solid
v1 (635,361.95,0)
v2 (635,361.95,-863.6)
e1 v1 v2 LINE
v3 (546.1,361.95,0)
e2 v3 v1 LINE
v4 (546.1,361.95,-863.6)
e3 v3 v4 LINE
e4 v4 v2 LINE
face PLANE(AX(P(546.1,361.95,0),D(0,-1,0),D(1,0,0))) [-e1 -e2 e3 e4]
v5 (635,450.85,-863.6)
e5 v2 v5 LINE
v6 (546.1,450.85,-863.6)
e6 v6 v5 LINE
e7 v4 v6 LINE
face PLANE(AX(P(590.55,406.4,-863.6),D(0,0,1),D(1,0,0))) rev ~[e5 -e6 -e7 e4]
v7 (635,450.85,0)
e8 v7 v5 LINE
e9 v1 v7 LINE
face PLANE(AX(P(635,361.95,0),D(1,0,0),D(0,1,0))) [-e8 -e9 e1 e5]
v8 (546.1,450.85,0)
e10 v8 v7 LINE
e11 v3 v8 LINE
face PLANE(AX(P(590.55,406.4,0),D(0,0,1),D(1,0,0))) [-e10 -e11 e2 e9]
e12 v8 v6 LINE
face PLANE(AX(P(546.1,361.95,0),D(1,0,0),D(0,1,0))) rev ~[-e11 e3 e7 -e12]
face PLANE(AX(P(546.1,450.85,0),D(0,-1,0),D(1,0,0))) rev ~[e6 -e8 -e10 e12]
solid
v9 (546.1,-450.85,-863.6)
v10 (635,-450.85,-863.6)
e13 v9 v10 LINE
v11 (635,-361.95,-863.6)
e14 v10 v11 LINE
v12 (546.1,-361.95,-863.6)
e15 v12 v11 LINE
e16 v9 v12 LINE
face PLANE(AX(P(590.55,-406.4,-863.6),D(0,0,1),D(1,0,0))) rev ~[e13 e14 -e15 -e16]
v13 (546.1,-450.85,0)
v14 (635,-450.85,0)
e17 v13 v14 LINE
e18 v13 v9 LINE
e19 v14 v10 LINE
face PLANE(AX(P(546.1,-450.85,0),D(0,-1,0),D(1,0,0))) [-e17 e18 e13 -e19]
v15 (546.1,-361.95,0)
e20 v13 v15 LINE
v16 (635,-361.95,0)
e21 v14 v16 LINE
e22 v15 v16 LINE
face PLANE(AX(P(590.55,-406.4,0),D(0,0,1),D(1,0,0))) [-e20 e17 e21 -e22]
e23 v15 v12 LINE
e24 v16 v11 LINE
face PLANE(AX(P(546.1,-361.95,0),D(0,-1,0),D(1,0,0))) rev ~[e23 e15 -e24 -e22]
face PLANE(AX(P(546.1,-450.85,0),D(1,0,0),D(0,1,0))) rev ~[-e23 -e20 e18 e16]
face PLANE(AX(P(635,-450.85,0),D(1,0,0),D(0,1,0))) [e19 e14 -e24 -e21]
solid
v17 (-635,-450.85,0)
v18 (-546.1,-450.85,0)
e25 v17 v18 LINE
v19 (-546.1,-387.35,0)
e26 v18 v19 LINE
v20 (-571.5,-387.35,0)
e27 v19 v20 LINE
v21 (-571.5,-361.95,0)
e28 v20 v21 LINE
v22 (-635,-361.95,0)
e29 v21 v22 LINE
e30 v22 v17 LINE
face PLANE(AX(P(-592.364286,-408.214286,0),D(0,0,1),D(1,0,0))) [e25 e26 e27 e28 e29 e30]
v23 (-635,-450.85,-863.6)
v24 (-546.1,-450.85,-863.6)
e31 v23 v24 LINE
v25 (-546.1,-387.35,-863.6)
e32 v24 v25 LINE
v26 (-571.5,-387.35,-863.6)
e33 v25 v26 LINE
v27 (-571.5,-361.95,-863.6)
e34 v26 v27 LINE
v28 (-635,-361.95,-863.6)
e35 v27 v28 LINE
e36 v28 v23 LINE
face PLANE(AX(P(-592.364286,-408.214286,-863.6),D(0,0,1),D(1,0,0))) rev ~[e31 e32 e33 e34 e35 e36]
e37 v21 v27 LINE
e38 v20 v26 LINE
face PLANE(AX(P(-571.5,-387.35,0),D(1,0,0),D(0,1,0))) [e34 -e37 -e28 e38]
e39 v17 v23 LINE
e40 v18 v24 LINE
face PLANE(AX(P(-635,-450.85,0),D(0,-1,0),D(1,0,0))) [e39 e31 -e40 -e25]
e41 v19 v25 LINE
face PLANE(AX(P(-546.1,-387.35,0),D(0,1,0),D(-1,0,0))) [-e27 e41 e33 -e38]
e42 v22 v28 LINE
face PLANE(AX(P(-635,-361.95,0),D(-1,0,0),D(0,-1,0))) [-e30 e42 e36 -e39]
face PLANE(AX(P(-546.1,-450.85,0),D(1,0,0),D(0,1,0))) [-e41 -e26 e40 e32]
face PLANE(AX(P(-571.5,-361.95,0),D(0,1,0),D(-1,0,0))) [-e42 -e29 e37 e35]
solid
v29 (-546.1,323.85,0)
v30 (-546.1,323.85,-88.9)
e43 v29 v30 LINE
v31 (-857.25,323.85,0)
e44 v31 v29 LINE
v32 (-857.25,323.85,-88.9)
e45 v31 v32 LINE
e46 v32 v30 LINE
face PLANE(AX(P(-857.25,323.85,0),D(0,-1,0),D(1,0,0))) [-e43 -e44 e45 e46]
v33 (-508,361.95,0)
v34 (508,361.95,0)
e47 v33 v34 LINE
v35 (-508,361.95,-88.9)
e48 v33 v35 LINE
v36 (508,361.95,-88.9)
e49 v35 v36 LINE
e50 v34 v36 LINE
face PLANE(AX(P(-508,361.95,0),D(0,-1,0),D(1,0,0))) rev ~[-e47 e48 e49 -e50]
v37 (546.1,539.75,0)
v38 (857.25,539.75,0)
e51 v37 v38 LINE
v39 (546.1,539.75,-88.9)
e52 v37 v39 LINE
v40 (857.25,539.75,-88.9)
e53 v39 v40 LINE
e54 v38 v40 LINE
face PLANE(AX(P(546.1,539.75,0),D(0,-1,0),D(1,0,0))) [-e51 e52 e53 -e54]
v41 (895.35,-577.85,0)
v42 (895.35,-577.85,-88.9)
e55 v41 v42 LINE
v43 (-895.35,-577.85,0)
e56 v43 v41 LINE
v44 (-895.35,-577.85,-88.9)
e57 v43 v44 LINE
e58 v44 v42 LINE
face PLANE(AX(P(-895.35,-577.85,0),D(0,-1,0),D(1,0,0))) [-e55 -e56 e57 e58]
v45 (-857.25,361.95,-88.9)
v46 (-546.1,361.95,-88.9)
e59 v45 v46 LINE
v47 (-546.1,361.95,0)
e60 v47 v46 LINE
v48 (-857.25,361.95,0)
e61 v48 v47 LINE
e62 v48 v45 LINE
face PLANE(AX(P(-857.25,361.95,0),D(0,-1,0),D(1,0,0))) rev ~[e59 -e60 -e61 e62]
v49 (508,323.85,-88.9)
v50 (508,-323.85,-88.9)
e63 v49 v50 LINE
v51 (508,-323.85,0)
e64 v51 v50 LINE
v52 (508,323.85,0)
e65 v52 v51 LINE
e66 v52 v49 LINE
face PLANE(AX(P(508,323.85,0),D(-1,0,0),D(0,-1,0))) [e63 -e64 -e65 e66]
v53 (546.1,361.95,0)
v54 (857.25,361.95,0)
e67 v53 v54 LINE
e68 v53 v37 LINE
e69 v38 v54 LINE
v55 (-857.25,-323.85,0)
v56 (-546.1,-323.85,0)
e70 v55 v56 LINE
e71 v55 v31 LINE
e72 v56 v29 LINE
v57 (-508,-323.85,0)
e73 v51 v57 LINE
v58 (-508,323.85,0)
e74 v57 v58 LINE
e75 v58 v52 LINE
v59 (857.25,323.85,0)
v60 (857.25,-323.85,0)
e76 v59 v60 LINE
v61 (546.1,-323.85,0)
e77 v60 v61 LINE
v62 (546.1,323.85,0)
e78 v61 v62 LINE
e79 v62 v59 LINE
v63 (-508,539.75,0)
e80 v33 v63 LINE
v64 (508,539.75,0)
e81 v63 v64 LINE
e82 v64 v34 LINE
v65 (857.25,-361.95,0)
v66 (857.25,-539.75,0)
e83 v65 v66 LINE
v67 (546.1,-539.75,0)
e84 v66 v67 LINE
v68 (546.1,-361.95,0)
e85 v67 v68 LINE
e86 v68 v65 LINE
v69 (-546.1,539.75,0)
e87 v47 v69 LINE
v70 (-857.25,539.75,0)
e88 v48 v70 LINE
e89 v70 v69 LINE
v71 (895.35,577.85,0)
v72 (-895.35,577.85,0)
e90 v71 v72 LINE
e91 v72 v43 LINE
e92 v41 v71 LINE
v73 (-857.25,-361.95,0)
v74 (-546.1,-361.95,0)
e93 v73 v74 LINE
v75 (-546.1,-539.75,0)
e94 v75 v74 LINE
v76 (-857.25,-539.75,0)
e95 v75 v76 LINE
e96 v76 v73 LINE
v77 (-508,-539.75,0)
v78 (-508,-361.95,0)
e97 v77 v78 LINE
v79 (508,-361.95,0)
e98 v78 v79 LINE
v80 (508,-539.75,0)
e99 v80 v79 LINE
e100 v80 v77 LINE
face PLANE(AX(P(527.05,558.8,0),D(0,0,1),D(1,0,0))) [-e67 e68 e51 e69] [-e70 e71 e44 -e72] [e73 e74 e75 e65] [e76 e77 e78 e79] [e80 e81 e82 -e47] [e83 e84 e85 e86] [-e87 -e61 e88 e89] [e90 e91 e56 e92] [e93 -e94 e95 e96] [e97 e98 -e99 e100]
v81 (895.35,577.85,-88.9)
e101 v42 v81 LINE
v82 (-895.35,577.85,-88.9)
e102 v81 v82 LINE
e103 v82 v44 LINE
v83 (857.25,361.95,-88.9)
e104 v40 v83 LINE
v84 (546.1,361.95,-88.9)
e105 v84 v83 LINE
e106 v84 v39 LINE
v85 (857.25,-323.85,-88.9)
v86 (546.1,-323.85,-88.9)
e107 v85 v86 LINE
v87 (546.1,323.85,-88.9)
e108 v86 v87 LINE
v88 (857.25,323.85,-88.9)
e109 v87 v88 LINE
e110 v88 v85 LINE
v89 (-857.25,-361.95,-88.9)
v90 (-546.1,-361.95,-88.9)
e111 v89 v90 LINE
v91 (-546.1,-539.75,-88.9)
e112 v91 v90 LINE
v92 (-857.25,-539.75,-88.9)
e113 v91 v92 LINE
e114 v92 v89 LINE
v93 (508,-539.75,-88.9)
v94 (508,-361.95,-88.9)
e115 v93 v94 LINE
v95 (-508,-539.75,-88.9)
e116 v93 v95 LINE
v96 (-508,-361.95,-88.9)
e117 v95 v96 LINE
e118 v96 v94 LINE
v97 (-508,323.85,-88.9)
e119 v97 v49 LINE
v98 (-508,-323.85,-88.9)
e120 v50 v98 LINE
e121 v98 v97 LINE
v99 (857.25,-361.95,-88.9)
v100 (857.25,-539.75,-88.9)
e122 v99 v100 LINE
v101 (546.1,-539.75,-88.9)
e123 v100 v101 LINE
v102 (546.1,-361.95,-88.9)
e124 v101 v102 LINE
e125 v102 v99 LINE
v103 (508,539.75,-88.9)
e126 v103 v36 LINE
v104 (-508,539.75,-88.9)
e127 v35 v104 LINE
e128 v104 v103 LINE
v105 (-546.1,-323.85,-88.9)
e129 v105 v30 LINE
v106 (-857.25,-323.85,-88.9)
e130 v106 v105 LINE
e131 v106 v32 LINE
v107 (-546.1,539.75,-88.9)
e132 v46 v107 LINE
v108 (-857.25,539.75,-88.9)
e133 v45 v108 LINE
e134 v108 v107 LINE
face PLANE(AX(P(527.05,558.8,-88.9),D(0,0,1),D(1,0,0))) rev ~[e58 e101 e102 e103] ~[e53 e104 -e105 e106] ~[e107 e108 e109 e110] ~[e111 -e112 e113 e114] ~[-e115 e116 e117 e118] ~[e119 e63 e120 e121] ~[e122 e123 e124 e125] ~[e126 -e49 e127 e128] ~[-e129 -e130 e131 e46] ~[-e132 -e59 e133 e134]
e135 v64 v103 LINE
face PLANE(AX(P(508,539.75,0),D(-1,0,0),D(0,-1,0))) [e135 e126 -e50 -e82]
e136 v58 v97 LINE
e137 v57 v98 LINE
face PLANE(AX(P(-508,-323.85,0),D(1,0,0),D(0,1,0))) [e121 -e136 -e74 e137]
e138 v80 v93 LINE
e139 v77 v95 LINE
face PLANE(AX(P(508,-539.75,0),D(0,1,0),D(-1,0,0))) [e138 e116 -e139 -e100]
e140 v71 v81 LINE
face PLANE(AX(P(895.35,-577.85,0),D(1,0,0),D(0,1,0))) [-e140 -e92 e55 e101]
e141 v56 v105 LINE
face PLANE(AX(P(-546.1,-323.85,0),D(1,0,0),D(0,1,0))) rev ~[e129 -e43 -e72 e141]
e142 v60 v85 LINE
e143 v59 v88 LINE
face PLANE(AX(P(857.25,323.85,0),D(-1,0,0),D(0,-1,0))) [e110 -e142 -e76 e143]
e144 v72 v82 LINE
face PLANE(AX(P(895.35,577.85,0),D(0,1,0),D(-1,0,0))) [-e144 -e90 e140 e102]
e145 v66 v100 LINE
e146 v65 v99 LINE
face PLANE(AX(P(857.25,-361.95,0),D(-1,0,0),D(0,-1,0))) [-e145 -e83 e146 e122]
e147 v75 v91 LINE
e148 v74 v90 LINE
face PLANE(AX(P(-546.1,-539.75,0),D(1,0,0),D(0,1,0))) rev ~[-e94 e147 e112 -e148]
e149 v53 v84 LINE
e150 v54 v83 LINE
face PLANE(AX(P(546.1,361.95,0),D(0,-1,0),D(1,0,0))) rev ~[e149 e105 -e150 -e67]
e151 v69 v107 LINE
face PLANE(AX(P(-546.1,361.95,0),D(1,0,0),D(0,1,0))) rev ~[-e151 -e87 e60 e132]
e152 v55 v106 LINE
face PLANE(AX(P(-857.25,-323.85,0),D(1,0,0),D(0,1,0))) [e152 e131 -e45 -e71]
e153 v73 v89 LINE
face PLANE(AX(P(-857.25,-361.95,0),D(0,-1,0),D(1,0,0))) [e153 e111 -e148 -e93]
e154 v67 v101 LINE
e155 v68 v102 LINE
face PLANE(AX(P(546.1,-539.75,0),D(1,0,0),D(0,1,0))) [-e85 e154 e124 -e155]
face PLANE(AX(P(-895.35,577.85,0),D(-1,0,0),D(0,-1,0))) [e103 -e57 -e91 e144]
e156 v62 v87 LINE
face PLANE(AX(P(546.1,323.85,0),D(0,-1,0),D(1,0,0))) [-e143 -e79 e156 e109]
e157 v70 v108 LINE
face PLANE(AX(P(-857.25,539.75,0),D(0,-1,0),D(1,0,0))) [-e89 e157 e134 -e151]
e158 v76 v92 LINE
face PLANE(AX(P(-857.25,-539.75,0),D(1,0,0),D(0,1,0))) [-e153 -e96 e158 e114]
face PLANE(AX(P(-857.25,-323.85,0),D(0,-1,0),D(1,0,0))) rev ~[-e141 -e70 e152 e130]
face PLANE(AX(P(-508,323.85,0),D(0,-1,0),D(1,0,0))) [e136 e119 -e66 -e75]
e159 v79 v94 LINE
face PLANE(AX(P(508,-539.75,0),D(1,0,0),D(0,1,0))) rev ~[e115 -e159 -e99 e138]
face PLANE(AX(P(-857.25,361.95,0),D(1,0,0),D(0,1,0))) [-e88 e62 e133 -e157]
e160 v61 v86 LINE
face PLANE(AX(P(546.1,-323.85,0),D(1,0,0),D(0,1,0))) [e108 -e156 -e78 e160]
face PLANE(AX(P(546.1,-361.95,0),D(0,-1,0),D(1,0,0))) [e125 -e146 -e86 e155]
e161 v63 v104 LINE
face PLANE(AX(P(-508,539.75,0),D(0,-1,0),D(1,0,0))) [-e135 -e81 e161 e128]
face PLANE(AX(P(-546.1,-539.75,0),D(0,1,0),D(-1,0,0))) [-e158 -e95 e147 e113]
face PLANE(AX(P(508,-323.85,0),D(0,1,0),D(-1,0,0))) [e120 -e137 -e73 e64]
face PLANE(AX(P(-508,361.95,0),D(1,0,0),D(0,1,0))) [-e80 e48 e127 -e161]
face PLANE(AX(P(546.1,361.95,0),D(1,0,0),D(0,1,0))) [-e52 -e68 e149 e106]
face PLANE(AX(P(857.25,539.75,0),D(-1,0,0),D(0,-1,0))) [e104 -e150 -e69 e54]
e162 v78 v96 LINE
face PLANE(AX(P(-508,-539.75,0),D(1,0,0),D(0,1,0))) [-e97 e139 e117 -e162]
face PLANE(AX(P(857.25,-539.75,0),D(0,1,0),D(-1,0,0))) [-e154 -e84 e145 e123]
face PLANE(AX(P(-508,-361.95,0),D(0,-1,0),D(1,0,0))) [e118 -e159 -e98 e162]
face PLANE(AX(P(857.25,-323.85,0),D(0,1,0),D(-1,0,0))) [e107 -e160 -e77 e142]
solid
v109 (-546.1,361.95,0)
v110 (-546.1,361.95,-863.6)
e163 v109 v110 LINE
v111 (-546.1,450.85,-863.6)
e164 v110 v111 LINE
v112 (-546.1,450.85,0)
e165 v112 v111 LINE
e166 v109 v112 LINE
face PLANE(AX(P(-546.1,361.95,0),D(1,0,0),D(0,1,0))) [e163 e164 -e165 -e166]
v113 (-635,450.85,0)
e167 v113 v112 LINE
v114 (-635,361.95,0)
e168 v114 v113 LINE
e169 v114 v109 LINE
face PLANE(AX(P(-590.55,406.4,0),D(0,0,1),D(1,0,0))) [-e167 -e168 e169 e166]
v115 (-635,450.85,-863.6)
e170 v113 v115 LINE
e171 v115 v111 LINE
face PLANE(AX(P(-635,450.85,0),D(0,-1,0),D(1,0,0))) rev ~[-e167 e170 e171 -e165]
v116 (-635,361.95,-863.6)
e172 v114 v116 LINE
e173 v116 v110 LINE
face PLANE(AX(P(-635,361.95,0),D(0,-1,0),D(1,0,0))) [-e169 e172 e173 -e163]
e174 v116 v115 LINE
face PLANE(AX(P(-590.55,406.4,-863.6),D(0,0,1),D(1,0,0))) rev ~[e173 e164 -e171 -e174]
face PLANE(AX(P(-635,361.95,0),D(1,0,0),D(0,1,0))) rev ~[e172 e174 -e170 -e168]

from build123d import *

# Parameters (mm, degrees)
F0_W     = 38.1
F0_H     = 38.1
F0_W_2   = 1016
F0_H_2   = 647.7
F0_W_3   = 311.15
F0_H_3   = 177.8
F1_DEPTH = 88.9
F3_DEPTH = 863.6
F2_W     = 88.9
F2_H     = 88.9


with BuildPart() as f1:
    # F0 (on Top) → F1 (new body)
    with BuildSketch(Plane.XY):
        with Locations((527.05, 558.8)):
            Rectangle(F0_W, F0_H)
        with Locations((0, 558.8)):
            Rectangle(F0_W_2, F0_H)
        with Locations((876.3, 0)):
            Rectangle(F0_W, F0_H_2)
        with Locations((876.3, 342.9)):
            Rectangle(F0_W, F0_H)
        with Locations((-876.3, 342.9)):
            Rectangle(F0_W, F0_H)
        with Locations((-876.3, 0)):
            Rectangle(F0_W, F0_H_2)
        with Locations((-527.05, 558.8)):
            Rectangle(F0_W, F0_H)
        with Locations((0, -558.8)):
            Rectangle(F0_W_2, F0_H)
        with Locations((527.05, -558.8)):
            Rectangle(F0_W, F0_H)
        with Locations((876.3, -342.9)):
            Rectangle(F0_W, F0_H)
        Polygon((546.1, 577.85), (546.1, 539.75), (857.25, 539.75), (857.25, 361.95), (895.35, 361.95), (895.35, 577.85), align=None)
        with Locations((-876.3, -342.9)):
            Rectangle(F0_W, F0_H)
        with Locations((-527.05, -558.8)):
            Rectangle(F0_W, F0_H)
        Polygon((-895.35, 361.95), (-857.25, 361.95), (-857.25, 539.75), (-546.1, 539.75), (-546.1, 577.85), (-895.35, 577.85), align=None)
        Polygon((857.25, -539.75), (546.1, -539.75), (546.1, -577.85), (895.35, -577.85), (895.35, -361.95), (857.25, -361.95), align=None)
        Polygon((-857.25, -539.75), (-857.25, -361.95), (-895.35, -361.95), (-895.35, -577.85), (-546.1, -577.85), (-546.1, -539.75), align=None)
        with Locations((-701.675, 342.9)):
            Rectangle(F0_W_3, F0_H)
        with Locations((-527.05, 450.85)):
            Rectangle(F0_W, F0_H_3)
        with Locations((-527.05, 342.9)):
            Rectangle(F0_W, F0_H)
        with Locations((-527.05, 0)):
            Rectangle(F0_W, F0_H_2)
        with Locations((-701.675, -342.9)):
            Rectangle(F0_W_3, F0_H)
        with Locations((-527.05, -450.85)):
            Rectangle(F0_W, F0_H_3)
        with Locations((-527.05, -342.9)):
            Rectangle(F0_W, F0_H)
        with Locations((0, -342.9)):
            Rectangle(F0_W_2, F0_H)
        with Locations((527.05, -450.85)):
            Rectangle(F0_W, F0_H_3)
        with Locations((527.05, -342.9)):
            Rectangle(F0_W, F0_H)
        with Locations((701.675, -342.9)):
            Rectangle(F0_W_3, F0_H)
        with Locations((527.05, 0)):
            Rectangle(F0_W, F0_H_2)
        with Locations((527.05, 342.9)):
            Rectangle(F0_W, F0_H)
        with Locations((527.05, 450.85)):
            Rectangle(F0_W, F0_H_3)
        with Locations((701.675, 342.9)):
            Rectangle(F0_W_3, F0_H)
        with Locations((0, 342.9)):
            Rectangle(F0_W_2, F0_H)
    extrude(amount=-F1_DEPTH)


with BuildPart() as f3:
    # F2 (on face) → F3 (new body)
    with BuildSketch(Plane.XY):
        Polygon((-571.5, -387.35), (-571.5, -361.95), (-635, -361.95), (-635, -450.85), (-546.1, -450.85), (-546.1, -387.35), align=None)
    extrude(amount=-F3_DEPTH)


with BuildPart() as f3b:
    # F2 (on face) → F3, piece 2 (new body)
    with BuildSketch(Plane.XY):
        with Locations((590.55, -406.4)):
            Rectangle(F2_W, F2_H)
    extrude(amount=-F3_DEPTH)


with BuildPart() as f3c:
    # F2 (on face) → F3, piece 3 (new body)
    with BuildSketch(Plane.XY):
        with Locations((590.55, 406.4)):
            Rectangle(F2_W, F2_H)
    extrude(amount=-F3_DEPTH)


with BuildPart() as f3d:
    # F2 (on face) → F3, piece 4 (new body)
    with BuildSketch(Plane.XY):
        with Locations((-590.55, 406.4)):
            Rectangle(F2_W, F2_H)
    extrude(amount=-F3_DEPTH)


solid = Compound([f1.part, f3.part, f3b.part, f3c.part, f3d.part])
